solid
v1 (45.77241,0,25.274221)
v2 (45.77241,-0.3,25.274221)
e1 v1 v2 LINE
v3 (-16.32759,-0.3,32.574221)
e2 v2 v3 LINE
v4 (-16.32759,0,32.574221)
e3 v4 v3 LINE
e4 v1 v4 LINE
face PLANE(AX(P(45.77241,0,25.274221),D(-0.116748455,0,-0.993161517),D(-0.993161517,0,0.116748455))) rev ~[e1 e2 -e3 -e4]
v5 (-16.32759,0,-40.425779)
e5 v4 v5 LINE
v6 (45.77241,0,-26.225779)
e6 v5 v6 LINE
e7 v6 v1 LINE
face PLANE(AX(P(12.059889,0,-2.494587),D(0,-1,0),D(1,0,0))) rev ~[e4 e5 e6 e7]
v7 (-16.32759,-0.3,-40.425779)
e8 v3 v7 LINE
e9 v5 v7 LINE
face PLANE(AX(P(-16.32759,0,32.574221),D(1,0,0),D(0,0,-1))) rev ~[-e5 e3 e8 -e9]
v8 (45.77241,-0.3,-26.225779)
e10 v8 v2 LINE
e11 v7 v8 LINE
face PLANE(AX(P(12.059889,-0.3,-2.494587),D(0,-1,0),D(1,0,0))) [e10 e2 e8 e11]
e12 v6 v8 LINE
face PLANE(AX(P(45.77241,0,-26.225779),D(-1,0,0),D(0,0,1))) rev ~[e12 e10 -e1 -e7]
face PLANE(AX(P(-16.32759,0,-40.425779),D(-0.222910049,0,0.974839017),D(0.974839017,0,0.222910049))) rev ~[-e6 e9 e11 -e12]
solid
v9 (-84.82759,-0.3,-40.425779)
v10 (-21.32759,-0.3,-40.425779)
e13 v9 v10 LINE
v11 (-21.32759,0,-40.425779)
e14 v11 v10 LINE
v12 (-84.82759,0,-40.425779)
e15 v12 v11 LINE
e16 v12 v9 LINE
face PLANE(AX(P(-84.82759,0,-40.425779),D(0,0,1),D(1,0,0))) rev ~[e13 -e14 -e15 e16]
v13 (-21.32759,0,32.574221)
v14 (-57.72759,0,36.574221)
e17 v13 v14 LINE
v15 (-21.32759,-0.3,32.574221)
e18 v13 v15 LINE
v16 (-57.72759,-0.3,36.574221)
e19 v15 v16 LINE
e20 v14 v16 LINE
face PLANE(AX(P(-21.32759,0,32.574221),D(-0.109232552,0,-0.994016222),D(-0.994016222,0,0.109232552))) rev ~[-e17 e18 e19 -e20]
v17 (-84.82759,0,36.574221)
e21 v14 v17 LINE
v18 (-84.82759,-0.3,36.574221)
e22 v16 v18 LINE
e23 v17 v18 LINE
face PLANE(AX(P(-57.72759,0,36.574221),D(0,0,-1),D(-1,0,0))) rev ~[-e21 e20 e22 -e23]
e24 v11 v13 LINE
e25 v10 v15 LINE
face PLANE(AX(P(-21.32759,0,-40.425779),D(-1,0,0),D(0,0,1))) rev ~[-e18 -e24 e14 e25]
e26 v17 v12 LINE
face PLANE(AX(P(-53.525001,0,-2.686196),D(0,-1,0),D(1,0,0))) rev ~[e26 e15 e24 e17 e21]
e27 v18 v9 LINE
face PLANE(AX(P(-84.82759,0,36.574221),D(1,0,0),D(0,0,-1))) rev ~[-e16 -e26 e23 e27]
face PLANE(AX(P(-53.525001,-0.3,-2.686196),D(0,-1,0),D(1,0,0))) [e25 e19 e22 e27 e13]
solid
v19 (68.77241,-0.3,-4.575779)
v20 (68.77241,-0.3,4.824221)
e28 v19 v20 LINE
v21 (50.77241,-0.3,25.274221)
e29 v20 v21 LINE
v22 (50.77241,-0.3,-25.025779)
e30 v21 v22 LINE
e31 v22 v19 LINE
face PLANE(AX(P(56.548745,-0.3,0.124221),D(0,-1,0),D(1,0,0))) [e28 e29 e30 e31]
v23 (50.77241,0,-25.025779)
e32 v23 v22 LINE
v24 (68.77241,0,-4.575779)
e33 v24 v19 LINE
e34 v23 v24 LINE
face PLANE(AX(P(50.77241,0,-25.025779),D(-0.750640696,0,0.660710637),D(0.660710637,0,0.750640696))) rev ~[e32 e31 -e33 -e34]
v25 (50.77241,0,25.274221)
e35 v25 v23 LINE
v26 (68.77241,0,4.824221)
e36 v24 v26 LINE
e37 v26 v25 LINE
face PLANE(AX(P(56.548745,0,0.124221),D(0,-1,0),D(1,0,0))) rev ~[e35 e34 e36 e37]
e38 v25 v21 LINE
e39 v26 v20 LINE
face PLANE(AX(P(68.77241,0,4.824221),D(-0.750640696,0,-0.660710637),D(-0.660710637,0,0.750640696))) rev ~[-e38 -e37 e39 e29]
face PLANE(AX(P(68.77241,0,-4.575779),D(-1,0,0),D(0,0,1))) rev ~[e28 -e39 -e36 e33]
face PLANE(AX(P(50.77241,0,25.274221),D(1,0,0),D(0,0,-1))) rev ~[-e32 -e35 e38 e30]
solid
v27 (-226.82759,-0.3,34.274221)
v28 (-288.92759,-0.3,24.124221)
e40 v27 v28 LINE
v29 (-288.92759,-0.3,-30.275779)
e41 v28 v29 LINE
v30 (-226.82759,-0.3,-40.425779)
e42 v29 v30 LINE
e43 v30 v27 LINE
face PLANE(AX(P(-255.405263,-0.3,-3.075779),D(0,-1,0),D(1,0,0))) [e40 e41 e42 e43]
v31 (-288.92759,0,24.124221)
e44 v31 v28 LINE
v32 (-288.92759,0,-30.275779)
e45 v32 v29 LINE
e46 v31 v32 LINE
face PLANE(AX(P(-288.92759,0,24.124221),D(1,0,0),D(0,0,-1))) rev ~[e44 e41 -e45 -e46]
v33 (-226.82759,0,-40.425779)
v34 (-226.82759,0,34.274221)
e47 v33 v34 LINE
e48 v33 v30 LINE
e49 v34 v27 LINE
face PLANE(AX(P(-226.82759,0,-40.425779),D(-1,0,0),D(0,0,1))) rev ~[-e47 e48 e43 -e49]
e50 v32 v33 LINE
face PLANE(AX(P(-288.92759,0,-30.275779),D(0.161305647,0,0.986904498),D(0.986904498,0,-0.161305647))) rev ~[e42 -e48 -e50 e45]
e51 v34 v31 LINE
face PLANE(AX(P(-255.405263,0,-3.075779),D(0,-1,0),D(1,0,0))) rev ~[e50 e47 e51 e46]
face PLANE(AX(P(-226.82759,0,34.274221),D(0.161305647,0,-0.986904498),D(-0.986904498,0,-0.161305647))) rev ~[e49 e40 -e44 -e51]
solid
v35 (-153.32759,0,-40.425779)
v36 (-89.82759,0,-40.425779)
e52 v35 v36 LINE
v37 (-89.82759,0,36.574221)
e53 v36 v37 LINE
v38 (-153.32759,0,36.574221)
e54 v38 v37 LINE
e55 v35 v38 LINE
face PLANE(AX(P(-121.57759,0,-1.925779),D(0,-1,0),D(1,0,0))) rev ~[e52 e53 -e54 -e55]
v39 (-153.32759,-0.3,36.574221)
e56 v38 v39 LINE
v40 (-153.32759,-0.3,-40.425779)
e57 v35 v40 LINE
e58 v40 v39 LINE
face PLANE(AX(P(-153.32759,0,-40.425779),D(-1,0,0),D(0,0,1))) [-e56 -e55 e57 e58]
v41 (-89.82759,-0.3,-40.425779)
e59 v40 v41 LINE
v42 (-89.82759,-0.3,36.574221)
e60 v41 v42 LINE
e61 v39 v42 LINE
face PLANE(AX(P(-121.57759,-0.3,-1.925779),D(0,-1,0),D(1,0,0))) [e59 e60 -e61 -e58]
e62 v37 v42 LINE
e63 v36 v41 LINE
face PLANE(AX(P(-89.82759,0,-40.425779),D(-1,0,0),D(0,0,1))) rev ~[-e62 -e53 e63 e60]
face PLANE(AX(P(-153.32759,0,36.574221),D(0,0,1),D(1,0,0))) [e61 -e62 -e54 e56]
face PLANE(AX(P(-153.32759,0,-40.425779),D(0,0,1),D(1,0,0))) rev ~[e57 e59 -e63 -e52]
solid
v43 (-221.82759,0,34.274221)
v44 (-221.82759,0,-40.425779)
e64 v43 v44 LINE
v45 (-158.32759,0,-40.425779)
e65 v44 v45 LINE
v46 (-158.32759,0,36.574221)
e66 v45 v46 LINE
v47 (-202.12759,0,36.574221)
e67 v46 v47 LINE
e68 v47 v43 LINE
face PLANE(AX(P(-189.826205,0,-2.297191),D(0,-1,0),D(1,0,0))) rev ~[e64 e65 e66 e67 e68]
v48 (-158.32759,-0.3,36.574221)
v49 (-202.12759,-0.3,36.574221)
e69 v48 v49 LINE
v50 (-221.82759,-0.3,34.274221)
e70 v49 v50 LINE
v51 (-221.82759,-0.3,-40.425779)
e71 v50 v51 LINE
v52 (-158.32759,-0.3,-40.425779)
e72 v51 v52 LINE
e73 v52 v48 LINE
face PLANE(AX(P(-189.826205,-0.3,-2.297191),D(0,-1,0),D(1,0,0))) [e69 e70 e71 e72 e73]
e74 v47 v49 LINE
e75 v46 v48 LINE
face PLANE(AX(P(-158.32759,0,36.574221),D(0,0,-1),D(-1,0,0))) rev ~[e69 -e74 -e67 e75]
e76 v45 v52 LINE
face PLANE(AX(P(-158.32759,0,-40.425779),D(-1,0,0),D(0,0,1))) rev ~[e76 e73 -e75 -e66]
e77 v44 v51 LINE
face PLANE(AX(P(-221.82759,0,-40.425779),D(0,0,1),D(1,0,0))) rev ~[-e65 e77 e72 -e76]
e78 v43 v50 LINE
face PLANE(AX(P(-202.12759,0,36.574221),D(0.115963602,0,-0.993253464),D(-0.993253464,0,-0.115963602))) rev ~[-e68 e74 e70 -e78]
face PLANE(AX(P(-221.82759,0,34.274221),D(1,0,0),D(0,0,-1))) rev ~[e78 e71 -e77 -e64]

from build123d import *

# Parameters (mm, degrees)
F0_W     = 63.5
F0_H     = 77
F1_DEPTH = 0.3


with BuildPart() as f1:
    # F0 (on Front) → F1 (new body)
    with BuildSketch(Plane.XZ):
        Polygon((45.77241, 25.274221), (-16.32759, 32.574221), (-16.32759, -40.425779), (45.77241, -26.225779), align=None)
        Polygon((50.77241, 25.274221), (50.77241, -25.025779), (68.77241, -4.575779), (68.77241, 4.824221), align=None)
        Polygon((-288.92759, -30.275779), (-226.82759, -40.425779), (-226.82759, 34.274221), (-288.92759, 24.124221), align=None)
        Polygon((-158.32759, -40.425779), (-158.32759, 36.574221), (-202.12759, 36.574221), (-221.82759, 34.274221), (-221.82759, -40.425779), align=None)
        with Locations((-121.57759, -1.925779)):
            Rectangle(F0_W, F0_H)
        Polygon((-21.32759, -40.425779), (-21.32759, 32.574221), (-57.72759, 36.574221), (-84.82759, 36.574221), (-84.82759, -40.425779), align=None)
    extrude(amount=F1_DEPTH)


solid = f1.part
